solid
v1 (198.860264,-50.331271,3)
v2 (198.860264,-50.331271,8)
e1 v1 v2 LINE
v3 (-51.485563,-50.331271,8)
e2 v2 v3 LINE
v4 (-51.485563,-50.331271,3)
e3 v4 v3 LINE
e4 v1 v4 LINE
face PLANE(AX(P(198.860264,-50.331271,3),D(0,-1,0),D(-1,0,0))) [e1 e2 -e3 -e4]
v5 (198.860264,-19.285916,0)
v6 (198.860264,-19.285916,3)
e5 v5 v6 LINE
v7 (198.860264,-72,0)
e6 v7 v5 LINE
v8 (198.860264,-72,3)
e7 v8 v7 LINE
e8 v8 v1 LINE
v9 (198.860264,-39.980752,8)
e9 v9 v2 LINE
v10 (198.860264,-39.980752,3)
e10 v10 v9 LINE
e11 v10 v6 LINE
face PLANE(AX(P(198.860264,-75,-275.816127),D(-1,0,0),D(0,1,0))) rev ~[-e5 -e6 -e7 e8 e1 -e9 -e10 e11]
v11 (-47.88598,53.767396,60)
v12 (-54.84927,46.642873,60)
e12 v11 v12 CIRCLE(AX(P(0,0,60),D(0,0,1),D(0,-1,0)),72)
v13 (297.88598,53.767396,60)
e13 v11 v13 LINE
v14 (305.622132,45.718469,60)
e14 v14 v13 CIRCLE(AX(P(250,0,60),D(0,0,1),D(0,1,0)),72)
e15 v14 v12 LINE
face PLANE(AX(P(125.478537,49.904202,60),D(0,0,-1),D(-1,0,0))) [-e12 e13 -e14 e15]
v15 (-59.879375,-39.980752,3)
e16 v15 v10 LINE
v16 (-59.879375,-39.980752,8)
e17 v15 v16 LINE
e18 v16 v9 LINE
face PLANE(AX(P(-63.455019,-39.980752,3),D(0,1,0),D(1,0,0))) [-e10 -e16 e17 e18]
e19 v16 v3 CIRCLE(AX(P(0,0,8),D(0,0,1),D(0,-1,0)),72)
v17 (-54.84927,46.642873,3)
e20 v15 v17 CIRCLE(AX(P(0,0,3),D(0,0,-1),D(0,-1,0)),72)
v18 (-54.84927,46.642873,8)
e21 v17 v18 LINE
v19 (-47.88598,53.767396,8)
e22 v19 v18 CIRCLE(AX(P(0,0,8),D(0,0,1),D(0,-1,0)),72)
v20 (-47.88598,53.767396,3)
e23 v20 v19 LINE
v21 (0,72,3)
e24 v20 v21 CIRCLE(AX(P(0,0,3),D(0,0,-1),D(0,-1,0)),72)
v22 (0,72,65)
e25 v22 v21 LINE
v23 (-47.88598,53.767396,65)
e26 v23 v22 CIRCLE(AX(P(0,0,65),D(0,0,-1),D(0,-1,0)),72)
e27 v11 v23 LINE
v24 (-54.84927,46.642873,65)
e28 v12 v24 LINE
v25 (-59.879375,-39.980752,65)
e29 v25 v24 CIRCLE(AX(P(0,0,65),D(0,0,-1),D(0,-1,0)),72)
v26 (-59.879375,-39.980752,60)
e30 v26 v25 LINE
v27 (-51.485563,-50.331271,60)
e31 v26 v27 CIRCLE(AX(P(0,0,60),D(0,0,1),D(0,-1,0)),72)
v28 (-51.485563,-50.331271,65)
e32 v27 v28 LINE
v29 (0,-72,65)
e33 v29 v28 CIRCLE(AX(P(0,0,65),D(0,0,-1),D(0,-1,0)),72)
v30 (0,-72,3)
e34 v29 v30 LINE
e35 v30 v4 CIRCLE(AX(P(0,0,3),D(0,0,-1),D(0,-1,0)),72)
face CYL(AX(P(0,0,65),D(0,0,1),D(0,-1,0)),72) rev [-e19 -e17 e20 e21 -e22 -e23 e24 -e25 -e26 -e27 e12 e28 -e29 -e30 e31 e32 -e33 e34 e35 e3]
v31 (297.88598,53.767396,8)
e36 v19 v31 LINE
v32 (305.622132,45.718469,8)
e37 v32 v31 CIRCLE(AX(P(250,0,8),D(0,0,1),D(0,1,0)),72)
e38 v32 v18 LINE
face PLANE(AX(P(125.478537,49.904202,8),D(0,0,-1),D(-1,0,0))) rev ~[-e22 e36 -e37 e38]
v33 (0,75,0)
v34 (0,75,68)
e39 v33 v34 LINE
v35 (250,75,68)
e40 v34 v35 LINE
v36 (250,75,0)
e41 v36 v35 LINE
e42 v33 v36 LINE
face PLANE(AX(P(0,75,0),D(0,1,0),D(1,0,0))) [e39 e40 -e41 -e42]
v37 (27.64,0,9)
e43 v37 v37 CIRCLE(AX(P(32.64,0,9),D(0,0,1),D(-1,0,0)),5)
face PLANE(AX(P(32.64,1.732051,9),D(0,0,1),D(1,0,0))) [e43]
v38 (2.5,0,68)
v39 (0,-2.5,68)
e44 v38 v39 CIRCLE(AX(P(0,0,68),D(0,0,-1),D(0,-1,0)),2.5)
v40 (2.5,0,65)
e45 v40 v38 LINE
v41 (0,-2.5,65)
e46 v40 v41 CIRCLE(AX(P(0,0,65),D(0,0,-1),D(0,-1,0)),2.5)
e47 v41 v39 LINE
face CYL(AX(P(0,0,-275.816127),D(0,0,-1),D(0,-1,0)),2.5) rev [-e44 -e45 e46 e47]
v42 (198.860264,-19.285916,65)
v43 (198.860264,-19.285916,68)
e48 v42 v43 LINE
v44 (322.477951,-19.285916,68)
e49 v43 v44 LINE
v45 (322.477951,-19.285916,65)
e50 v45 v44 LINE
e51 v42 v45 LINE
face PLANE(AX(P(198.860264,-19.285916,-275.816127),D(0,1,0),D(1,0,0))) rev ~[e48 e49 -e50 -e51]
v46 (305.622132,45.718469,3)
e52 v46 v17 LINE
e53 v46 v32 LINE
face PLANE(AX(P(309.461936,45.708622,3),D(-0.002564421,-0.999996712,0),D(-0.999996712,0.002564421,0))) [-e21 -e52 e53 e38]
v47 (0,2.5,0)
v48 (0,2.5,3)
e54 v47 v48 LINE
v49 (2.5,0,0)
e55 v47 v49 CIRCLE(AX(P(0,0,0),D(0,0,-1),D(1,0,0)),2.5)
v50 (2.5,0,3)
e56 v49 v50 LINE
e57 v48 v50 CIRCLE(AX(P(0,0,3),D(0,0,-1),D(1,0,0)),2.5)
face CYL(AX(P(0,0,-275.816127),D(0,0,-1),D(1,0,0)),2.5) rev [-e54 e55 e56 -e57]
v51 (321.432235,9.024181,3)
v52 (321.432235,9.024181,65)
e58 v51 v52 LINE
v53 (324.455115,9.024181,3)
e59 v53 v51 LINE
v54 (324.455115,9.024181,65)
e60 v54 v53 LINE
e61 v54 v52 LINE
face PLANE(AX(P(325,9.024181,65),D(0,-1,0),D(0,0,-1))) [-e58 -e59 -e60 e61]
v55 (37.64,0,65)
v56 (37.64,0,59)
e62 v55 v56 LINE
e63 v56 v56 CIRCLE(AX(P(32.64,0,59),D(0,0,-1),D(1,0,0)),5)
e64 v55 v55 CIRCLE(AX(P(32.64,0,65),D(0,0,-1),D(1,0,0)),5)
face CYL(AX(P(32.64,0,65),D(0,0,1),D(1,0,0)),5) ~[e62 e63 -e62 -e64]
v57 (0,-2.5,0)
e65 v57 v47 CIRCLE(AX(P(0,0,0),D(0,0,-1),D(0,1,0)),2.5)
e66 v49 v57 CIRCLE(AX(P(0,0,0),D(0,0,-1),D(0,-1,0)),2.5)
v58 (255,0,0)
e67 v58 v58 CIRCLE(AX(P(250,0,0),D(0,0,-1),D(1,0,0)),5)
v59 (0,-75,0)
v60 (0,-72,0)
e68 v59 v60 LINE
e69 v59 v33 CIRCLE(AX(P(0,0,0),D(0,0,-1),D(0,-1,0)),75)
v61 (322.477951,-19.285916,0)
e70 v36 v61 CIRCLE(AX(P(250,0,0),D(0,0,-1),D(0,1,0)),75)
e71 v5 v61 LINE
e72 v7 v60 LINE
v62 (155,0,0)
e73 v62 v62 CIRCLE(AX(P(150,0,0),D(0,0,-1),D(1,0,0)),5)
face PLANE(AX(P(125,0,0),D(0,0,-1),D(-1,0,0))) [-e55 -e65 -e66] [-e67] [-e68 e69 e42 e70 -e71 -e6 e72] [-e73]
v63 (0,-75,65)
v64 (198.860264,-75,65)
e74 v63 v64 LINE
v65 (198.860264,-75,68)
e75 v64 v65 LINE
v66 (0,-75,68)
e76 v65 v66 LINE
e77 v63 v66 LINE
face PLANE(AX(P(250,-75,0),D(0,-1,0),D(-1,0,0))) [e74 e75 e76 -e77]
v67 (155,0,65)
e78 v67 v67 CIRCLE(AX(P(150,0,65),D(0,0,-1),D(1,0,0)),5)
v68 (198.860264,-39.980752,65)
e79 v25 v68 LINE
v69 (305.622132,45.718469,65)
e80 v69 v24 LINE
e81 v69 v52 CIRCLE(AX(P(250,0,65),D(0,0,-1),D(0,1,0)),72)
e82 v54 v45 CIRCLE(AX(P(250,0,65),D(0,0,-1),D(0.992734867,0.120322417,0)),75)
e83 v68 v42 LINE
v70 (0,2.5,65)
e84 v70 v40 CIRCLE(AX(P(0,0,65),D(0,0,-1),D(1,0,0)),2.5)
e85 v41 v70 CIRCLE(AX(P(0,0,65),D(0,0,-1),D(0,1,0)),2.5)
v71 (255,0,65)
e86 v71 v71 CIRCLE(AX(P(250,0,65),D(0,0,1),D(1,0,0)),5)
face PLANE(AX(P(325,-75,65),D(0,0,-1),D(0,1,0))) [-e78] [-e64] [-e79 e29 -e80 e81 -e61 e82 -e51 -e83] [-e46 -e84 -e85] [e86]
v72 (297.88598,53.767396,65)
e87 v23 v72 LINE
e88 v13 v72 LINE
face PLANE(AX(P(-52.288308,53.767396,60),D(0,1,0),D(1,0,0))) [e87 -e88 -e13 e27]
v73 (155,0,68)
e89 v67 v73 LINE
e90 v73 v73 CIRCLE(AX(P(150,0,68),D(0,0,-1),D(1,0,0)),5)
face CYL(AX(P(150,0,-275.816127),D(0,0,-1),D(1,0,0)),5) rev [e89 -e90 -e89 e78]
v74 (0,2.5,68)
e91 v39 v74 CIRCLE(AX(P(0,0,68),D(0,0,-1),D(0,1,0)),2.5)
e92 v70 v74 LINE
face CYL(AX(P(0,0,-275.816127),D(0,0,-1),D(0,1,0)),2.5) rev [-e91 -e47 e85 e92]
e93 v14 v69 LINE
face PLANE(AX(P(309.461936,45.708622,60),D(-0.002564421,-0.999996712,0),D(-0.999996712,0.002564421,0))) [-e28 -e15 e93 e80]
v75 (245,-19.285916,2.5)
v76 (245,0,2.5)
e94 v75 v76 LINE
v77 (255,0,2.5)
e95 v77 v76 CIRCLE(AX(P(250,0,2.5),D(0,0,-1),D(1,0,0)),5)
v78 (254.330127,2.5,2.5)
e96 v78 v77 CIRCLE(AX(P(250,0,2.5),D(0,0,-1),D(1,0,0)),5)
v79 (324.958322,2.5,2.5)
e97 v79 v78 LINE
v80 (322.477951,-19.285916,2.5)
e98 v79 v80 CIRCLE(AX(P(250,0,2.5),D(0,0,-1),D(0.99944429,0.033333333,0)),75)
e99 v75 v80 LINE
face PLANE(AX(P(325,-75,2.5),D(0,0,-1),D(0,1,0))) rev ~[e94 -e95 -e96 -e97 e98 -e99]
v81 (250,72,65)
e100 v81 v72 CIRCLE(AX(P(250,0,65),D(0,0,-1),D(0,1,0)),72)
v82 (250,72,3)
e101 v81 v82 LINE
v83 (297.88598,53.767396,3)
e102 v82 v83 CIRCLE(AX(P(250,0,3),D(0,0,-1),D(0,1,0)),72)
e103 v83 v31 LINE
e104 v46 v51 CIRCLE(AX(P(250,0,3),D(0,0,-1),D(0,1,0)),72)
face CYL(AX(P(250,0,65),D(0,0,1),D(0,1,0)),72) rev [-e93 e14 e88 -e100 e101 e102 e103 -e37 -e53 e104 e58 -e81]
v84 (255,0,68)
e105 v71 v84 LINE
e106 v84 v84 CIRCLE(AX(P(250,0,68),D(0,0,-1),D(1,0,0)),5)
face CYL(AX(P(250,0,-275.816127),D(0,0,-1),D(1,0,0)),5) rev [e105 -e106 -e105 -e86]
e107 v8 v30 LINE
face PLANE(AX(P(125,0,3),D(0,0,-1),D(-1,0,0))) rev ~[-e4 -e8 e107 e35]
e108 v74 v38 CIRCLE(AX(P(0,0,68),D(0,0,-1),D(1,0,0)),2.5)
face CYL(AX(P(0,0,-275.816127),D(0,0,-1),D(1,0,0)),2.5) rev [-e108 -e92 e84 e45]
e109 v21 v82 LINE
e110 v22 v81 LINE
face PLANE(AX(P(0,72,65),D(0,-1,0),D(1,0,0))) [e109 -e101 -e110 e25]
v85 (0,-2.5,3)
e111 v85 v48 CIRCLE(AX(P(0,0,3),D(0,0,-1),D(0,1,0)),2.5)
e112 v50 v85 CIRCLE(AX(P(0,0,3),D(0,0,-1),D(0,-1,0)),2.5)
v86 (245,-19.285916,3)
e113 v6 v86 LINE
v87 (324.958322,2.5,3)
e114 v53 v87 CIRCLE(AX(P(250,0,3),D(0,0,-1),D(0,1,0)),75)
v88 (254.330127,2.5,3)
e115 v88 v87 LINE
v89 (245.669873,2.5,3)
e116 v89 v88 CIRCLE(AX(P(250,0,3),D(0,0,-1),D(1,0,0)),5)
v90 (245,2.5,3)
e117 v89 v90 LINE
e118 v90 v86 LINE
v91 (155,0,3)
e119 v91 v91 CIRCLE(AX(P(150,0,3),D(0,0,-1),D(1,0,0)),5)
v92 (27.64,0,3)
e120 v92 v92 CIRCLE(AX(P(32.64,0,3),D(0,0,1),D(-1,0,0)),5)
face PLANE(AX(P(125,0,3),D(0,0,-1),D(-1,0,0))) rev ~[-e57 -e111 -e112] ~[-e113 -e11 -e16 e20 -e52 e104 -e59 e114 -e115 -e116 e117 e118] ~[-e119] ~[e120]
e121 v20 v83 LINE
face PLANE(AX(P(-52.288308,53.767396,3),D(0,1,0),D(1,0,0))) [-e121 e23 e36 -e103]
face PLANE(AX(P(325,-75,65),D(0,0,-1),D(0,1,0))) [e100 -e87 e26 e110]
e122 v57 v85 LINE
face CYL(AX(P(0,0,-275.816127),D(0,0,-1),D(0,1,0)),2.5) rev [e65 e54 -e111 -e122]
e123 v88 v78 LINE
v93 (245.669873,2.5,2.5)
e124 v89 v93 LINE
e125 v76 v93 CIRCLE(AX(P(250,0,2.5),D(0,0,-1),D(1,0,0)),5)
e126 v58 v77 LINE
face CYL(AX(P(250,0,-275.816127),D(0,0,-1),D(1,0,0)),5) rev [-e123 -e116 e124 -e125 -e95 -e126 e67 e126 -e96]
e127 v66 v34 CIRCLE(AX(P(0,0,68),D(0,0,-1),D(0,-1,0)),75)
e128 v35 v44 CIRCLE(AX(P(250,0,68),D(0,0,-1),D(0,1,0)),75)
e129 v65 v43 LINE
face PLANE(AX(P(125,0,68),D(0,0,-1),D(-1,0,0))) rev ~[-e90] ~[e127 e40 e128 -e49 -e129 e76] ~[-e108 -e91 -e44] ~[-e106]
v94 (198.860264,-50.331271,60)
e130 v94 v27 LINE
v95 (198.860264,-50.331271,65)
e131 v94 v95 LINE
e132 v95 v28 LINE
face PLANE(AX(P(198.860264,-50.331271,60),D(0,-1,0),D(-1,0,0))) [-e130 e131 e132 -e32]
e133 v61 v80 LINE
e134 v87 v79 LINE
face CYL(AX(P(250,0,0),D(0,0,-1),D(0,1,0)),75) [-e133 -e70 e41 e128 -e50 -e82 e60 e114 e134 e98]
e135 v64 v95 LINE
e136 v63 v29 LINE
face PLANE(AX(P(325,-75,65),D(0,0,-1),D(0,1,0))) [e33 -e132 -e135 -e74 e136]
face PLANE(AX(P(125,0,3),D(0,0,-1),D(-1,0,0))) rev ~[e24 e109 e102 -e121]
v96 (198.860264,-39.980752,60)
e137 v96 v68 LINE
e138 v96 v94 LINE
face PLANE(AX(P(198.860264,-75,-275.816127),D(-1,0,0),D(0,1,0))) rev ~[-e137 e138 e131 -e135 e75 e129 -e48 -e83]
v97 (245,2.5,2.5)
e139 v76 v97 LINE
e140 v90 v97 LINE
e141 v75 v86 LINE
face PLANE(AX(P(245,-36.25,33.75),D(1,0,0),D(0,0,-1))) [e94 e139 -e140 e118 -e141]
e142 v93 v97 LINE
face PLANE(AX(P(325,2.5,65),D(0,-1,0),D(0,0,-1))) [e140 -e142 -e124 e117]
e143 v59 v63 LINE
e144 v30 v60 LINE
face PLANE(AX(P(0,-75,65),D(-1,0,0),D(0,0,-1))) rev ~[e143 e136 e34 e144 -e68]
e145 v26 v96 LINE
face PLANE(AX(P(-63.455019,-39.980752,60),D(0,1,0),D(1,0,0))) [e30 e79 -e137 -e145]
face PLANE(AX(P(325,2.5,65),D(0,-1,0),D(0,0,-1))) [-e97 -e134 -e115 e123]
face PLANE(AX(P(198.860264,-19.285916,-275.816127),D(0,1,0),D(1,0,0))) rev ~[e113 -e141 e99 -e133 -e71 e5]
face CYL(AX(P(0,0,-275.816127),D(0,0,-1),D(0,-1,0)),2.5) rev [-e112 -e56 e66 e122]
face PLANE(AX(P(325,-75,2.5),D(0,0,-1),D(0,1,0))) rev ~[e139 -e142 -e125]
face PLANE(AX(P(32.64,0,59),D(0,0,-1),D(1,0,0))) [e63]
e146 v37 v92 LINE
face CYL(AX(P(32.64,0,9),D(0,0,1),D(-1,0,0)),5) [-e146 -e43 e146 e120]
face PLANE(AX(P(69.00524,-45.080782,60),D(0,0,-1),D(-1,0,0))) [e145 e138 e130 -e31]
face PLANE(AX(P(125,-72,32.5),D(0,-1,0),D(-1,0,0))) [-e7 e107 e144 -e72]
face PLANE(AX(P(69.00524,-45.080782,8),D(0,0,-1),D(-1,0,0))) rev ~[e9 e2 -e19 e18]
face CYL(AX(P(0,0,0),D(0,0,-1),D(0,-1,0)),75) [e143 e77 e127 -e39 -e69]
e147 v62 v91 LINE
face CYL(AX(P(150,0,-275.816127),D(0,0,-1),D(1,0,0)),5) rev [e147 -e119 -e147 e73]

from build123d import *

# Parameters (mm, degrees)
EXTRUDE_1_DEPTH          = 68
CUT_EXTRUDE_2_DEPTH      = 62
SKETCH_3_W               = 250
SKETCH_3_H               = 65
CUT_EXTRUDE_3_DEPTH      = 3
CUT_EXTRUDE_5_DEPTH      = 340.816126751
CUT_EXTRUDE_5_DEPTH_BACK = 340.816126751
CUT_EXTRUDE_6_DEPTH      = 340.816126751
CUT_EXTRUDE_6_DEPTH_BACK = 340.816126751
SKETCH_5_R               = 5
SKETCH_6_W               = 62.5
SKETCH_6_H               = 77.5
CUT_EXTRUDE_7_DEPTH      = 80
CUT_EXTRUDE_8_DEPTH      = 340.816126751
CUT_EXTRUDE_8_DEPTH_BACK = 340.816126751
SKETCH_7_W               = 123.617687057
SKETCH_7_H               = 55.714084123
SKETCH_8_R               = 5
EXTRUDE_2_DEPTH          = 6
EXTRUDE_START            = 6
EXTRUDE_3_DEPTH          = 6
EXTRUDE_4_DEPTH          = 5
PATTERN_LINEAR_1_COUNT   = 2
PATTERN_LINEAR_1_PITCH   = 57
SKETCH_12_W              = 62
SKETCH_12_H              = 9.024181297
CUT_EXTRUDE_9_DEPTH      = 10


with BuildPart() as part:
    # 草图1 → 凸台-拉伸1 (new body)
    with BuildSketch(Plane.XY):
        with BuildLine():
            Line((0, 75), (250, 75))
            ThreePointArc((250, 75), (325, 0), (250, -75))
            Line((250, -75), (0, -75))
            ThreePointArc((0, -75), (-75, 0), (0, 75))
        make_face()
    extrude(amount=EXTRUDE_1_DEPTH)

    # 草图2 → 切除-拉伸2 (cut)
    with BuildSketch(Plane.XY.offset(65)):
        with BuildLine():
            Line((0, 72), (250, 72))
            ThreePointArc((250, 72), (322, 0), (250, -72))
            Line((250, -72), (0, -72))
            ThreePointArc((0, -72), (-72, 0), (0, 72))
        make_face()
    extrude(amount=-CUT_EXTRUDE_2_DEPTH, mode=Mode.SUBTRACT)

    # 草图3 → 切除-拉伸3 (cut)
    with BuildSketch(Plane(origin=(0, -75, 0), x_dir=(-1, 0, 0), z_dir=(0, -1, 0))):
        with Locations((-125, -32.5)):
            Rectangle(SKETCH_3_W, SKETCH_3_H)
    extrude(amount=-CUT_EXTRUDE_3_DEPTH, mode=Mode.SUBTRACT)

    # 草图4 → 切除-拉伸5 (cut, two sides: drawn at the far end of the back side and taken through both)
    with BuildSketch(Plane.XY.offset(65).offset(-CUT_EXTRUDE_5_DEPTH_BACK)):
        with BuildLine():
            ThreePointArc((2.5, 0), (1.767766953, 1.767766953), (0, 2.5))
            Line((0, 2.5), (0, -2.5))
            ThreePointArc((0, -2.5), (1.767766953, -1.767766953), (2.5, 0))
        make_face()
        with BuildLine():
            Line((0, -2.5), (0, 2.5))
            ThreePointArc((0, 2.5), (-2.5, 0), (0, -2.5))
        make_face()
    extrude(amount=CUT_EXTRUDE_5_DEPTH + CUT_EXTRUDE_5_DEPTH_BACK, mode=Mode.SUBTRACT)

    # 草图5 → 切除-拉伸6 (cut, two sides: drawn at the far end of the back side and taken through both)
    with BuildSketch(Plane.XY.offset(65).offset(-CUT_EXTRUDE_6_DEPTH_BACK)):
        with Locations((250, 0)):
            Circle(SKETCH_5_R)
        with Locations((150, 0)):
            Circle(SKETCH_5_R)
    extrude(amount=CUT_EXTRUDE_6_DEPTH + CUT_EXTRUDE_6_DEPTH_BACK, mode=Mode.SUBTRACT)

    # 草图6 → 切除-拉伸7 (cut)
    with BuildSketch(Plane(origin=(325, 0, 0), x_dir=(0, 0, -1), z_dir=(1, 0, 0))):
        with Locations((-33.75, -36.25)):
            Rectangle(SKETCH_6_W, SKETCH_6_H)
    extrude(amount=-CUT_EXTRUDE_7_DEPTH, mode=Mode.SUBTRACT)

    # 草图7 → 切除-拉伸8 (cut, two sides: drawn at the far end of the back side and taken through both)
    with BuildSketch(Plane.XY.offset(65).offset(-CUT_EXTRUDE_8_DEPTH_BACK)):
        with Locations((260.669107939, -47.142957939)):
            Rectangle(SKETCH_7_W, SKETCH_7_H)
    extrude(amount=CUT_EXTRUDE_8_DEPTH + CUT_EXTRUDE_8_DEPTH_BACK, mode=Mode.SUBTRACT)

    # 草图8 → 凸台-拉伸2 (add)
    with BuildSketch(Plane(origin=(0, 0, 65), x_dir=(-1, 0, 0), z_dir=(0, 0, -1))):
        with Locations(Location((-32.64, 0, 0), (0, 0, 180))):
            Circle(SKETCH_8_R)
    extrude(amount=EXTRUDE_2_DEPTH)

    # 草图9 → 凸台-拉伸3 (add)
    with BuildSketch(Plane.XY.offset(3).offset(EXTRUDE_START)):
        with BuildLine():
            ThreePointArc((37.64, 0), (32.64, 5), (27.64, 0))
            Line((27.64, 0), (37.64, 0))
        make_face()
        with BuildLine():
            Line((37.64, 0), (27.64, 0))
            ThreePointArc((27.64, 0), (32.64, -5), (37.64, 0))
        make_face()
    extrude(amount=-EXTRUDE_3_DEPTH)

    # 草图10 → 凸台-拉伸4 (add)
    with BuildSketch(Plane.XY.offset(3)):
        Polygon((-52.288307715, 53.767396034), (302.288307715, 53.767396034), (309.461936105, 45.708622323), (-58.724061421, 46.652809243), align=None)
        Polygon((-63.45501943, -39.980751734), (198.86026441, -39.980751734), (198.86026441, -50.331270565), (-55.603625811, -50.331270565), align=None)
    extrude_4 = extrude(amount=EXTRUDE_4_DEPTH)

    # 阵列(线性)1: 凸台-拉伸4 ×2
    with Locations(*[(0, 0, i * PATTERN_LINEAR_1_PITCH) for i in range(1, PATTERN_LINEAR_1_COUNT)]):
        add(extrude_4)

    # 草图12 → 切除-拉伸9 (cut)
    with BuildSketch(Plane(origin=(325, 0, 0), x_dir=(0, 0, -1), z_dir=(1, 0, 0))):
        with Locations((-34, 4.512090649)):
            Rectangle(SKETCH_12_W, SKETCH_12_H)
    extrude(amount=-CUT_EXTRUDE_9_DEPTH, mode=Mode.SUBTRACT)


solid = part.part
